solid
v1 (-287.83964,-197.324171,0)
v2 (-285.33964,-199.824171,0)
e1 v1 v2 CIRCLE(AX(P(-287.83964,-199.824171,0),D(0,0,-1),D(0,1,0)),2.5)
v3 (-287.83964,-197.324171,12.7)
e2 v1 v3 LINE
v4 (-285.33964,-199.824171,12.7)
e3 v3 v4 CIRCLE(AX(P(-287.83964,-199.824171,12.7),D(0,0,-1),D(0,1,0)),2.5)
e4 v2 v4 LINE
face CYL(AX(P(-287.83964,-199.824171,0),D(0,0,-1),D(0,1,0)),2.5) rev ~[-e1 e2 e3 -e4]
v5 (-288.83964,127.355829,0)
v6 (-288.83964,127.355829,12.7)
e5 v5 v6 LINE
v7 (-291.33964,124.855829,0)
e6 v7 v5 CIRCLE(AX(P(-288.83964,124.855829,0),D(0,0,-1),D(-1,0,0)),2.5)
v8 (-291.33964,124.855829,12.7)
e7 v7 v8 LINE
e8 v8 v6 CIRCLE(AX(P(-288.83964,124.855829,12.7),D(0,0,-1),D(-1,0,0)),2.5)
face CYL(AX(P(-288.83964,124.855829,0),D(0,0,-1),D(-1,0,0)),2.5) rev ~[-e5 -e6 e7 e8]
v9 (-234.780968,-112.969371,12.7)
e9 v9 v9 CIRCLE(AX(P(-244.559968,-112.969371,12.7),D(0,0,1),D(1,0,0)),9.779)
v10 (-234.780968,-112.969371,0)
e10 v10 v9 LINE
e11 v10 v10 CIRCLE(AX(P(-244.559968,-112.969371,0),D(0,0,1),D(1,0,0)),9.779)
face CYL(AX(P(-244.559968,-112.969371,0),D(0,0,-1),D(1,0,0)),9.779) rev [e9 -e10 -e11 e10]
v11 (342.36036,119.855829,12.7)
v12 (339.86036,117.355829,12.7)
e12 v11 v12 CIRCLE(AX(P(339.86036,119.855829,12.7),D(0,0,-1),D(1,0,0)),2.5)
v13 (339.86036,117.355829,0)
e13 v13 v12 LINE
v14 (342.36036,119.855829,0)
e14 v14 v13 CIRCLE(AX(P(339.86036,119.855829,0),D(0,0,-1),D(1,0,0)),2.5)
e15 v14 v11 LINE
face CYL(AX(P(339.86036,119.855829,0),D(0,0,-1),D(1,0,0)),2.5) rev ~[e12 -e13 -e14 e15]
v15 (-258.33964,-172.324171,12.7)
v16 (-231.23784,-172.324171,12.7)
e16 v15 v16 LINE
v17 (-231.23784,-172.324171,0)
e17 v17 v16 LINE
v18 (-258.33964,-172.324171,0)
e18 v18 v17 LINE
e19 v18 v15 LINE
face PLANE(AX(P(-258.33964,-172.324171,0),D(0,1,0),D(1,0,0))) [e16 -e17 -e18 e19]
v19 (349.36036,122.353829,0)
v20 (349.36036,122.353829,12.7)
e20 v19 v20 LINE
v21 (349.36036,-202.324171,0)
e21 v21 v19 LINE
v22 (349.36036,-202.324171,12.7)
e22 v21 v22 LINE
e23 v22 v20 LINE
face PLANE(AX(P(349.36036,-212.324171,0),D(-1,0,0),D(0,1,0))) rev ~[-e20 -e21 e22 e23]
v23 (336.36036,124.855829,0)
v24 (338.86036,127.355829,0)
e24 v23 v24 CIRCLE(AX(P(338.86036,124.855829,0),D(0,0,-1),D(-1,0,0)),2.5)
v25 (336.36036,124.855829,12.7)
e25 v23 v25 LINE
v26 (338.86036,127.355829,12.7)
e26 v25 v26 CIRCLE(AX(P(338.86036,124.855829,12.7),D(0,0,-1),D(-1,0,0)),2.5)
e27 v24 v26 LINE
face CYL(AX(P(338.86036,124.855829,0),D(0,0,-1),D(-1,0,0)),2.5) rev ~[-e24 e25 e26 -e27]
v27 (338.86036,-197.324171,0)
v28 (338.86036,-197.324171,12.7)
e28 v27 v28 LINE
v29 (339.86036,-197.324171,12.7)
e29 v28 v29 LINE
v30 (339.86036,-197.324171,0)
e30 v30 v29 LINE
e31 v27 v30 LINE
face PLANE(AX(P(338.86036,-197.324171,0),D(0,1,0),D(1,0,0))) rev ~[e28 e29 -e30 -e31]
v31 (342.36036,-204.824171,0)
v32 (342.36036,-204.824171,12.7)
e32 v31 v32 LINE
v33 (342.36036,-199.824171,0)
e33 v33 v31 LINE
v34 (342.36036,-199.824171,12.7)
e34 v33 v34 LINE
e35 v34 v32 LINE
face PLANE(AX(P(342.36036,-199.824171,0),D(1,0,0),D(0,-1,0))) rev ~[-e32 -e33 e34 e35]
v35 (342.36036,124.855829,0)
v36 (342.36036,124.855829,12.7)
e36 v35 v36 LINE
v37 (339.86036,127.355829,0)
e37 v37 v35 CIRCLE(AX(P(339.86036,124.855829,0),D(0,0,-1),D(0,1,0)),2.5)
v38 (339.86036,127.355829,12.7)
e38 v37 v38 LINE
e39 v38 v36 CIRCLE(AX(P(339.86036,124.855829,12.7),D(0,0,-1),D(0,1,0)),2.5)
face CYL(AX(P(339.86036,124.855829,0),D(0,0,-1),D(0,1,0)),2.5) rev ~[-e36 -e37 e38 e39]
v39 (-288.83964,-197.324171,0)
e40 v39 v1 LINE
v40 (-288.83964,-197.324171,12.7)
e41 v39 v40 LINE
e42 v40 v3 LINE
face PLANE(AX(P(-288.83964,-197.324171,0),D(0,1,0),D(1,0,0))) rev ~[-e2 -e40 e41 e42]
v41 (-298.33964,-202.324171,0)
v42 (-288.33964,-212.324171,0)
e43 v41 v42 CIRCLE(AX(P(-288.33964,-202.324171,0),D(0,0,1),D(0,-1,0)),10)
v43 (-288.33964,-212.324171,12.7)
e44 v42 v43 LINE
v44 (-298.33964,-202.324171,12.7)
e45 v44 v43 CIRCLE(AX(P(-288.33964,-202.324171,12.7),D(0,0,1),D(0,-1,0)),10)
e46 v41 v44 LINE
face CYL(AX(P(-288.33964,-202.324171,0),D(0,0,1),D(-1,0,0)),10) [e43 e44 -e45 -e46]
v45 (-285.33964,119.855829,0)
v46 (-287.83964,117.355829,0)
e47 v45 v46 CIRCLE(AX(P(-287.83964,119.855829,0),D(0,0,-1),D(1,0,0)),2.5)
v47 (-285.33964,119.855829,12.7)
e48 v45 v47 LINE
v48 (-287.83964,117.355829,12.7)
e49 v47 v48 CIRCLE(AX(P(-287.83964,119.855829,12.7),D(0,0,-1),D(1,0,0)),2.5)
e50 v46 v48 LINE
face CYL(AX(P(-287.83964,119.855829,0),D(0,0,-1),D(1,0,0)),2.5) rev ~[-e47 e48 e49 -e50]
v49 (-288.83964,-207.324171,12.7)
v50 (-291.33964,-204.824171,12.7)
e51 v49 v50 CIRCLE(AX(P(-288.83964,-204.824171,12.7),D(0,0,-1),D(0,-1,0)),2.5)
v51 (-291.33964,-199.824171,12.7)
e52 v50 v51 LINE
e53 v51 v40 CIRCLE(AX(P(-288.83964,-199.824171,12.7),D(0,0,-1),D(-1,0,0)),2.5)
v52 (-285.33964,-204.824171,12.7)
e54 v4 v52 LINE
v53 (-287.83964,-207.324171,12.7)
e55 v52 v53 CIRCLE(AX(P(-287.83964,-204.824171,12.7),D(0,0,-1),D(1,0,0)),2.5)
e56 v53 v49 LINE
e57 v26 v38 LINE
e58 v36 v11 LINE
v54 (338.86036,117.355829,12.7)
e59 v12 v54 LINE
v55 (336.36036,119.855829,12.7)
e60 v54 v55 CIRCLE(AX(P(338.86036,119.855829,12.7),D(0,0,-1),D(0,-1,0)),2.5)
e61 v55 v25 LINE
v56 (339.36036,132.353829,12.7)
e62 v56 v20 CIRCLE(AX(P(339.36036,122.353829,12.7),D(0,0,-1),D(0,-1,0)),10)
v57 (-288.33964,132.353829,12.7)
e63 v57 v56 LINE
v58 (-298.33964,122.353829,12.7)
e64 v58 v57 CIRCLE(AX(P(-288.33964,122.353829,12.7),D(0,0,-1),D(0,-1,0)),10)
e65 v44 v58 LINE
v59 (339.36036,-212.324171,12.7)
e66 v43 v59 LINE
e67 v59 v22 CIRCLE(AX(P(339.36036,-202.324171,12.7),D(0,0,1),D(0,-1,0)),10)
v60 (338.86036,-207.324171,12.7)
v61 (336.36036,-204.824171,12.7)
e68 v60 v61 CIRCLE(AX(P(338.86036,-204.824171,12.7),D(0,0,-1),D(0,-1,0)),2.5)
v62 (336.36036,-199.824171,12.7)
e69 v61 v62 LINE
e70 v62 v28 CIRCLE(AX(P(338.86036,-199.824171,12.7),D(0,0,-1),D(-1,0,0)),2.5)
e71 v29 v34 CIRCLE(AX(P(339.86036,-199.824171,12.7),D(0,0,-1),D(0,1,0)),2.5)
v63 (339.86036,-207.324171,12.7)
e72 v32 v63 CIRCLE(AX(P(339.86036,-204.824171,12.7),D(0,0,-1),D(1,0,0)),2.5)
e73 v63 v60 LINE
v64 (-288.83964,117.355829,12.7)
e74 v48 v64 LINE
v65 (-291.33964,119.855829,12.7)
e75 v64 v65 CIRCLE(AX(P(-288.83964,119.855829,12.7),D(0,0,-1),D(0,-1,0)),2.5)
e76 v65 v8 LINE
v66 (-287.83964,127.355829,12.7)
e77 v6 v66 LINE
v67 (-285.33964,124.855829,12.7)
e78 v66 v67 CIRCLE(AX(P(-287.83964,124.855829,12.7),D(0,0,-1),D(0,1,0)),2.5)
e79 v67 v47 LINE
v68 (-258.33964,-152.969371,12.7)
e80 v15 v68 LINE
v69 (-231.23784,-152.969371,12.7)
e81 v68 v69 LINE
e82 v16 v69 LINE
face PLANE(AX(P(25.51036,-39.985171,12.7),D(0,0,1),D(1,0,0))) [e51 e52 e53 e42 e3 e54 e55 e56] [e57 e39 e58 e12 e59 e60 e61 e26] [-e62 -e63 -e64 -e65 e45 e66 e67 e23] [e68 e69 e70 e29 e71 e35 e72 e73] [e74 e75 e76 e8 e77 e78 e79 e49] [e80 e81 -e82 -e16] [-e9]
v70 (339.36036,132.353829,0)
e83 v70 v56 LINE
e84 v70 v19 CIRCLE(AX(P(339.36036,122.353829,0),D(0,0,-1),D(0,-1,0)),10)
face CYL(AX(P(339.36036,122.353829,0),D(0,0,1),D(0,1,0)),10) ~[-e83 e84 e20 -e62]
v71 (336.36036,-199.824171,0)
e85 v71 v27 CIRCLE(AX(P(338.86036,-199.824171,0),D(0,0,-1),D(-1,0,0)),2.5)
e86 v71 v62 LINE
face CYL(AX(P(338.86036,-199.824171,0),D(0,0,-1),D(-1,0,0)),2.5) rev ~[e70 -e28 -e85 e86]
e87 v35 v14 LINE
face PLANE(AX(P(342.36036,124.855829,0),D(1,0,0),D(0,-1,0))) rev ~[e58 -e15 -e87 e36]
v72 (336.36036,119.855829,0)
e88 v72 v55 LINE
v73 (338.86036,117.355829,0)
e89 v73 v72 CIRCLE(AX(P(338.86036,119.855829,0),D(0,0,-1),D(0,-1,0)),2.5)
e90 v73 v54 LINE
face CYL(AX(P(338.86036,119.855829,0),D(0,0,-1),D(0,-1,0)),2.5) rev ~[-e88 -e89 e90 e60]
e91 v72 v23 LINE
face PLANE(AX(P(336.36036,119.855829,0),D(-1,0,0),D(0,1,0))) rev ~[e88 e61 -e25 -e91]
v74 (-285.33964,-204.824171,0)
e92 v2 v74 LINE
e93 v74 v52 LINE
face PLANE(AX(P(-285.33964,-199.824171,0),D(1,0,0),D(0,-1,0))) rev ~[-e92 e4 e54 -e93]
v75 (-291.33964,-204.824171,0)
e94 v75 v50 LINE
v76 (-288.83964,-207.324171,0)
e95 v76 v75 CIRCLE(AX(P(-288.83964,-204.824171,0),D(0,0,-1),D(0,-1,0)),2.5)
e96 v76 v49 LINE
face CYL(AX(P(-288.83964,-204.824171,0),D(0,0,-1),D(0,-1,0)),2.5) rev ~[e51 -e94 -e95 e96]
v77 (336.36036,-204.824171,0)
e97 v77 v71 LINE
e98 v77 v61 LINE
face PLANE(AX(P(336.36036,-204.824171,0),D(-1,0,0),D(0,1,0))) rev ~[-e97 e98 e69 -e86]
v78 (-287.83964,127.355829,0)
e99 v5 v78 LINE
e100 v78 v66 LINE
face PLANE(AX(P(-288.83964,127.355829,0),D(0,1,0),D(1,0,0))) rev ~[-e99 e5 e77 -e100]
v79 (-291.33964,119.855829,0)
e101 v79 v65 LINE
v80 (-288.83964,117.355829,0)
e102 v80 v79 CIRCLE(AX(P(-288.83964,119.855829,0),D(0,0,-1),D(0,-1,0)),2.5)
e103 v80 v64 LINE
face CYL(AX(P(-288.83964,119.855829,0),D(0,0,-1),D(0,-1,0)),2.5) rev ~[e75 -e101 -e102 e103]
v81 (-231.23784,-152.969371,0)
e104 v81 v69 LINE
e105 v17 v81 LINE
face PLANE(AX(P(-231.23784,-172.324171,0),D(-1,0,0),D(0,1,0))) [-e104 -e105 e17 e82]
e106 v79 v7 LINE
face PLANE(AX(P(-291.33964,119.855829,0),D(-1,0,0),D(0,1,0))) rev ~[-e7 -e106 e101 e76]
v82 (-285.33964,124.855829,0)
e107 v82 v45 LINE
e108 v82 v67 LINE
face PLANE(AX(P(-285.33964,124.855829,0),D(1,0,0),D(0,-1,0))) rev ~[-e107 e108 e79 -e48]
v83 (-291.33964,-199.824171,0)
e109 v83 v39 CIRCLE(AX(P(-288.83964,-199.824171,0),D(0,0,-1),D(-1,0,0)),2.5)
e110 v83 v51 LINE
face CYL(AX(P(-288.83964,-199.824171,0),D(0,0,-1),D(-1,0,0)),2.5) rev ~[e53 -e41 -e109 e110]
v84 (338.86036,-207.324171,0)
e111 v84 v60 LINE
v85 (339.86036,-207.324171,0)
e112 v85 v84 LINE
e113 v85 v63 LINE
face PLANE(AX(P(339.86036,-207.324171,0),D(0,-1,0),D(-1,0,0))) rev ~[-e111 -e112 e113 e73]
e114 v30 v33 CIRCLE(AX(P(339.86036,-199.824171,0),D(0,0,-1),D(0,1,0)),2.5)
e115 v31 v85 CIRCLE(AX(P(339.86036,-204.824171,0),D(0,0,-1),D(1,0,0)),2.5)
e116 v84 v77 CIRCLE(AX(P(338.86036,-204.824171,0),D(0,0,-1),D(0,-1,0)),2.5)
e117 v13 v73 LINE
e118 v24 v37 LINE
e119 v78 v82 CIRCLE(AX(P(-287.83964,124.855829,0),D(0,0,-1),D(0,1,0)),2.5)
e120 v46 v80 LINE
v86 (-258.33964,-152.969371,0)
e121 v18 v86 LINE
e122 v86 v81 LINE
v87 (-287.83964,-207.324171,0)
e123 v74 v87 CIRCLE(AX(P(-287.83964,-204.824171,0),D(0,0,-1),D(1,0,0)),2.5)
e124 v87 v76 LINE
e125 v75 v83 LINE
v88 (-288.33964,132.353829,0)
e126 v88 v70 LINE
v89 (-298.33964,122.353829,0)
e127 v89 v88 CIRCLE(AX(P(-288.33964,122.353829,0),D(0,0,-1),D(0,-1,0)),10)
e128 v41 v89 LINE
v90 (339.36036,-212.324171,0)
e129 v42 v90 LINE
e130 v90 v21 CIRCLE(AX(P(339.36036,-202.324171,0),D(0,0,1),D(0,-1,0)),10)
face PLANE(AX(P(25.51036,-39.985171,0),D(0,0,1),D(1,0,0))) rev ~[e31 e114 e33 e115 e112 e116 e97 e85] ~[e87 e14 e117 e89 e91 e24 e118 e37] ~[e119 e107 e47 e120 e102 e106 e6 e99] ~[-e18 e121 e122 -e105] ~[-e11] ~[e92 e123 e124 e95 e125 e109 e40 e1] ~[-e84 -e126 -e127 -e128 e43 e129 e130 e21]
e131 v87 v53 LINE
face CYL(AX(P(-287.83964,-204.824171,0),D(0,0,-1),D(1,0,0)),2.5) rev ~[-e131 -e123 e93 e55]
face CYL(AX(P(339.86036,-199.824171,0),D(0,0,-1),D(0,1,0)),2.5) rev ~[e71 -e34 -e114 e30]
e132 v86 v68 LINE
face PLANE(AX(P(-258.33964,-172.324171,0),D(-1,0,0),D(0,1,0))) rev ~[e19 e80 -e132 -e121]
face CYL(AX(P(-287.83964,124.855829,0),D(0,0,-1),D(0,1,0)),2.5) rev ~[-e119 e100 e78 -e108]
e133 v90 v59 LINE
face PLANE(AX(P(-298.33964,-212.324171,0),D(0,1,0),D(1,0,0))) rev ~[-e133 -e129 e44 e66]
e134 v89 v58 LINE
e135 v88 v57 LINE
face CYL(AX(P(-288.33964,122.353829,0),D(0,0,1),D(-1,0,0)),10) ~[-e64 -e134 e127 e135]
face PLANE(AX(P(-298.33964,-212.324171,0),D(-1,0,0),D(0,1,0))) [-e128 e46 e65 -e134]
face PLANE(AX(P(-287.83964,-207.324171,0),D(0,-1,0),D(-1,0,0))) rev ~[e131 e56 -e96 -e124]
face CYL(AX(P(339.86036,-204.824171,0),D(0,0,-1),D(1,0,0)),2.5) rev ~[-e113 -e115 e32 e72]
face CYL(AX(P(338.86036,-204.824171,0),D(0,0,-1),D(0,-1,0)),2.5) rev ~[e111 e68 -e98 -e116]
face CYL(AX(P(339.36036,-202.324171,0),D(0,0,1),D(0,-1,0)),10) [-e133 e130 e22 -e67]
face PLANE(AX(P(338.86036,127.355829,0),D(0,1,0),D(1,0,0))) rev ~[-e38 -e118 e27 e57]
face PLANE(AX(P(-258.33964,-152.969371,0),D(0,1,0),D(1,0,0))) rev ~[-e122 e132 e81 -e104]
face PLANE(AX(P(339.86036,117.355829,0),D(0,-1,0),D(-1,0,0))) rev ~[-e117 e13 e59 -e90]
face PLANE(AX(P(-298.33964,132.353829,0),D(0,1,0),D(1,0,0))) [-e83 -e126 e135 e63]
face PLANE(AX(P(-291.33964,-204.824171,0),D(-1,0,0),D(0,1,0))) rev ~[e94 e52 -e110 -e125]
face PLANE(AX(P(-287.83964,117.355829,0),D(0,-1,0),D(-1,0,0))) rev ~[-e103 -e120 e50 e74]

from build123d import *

# Parameters (mm, degrees)
SKETCH1_W           = 647.7
SKETCH1_H           = 344.678
SKETCH1_R           = 9.779
SKETCH1_W_2         = 27.1018
SKETCH1_H_2         = 19.3548
BOSS_EXTRUDE1_DEPTH = 12.7
FILLET1_R           = 10
FILLET2_R           = 10


with BuildPart() as part:
    # Sketch1 → Boss-Extrude1 (new body)
    with BuildSketch(Plane.XY):
        with Locations((25.51036036, -39.985171171)):
            Rectangle(SKETCH1_W, SKETCH1_H)
        with Locations((-244.559967776, -112.969371171)):
            Circle(SKETCH1_R, mode=Mode.SUBTRACT)
        with BuildLine():
            Line((339.86036036, -207.324171171), (338.86036036, -207.324171171))
            ThreePointArc((338.86036036, -207.324171171), (337.092593407, -206.591938124), (336.36036036, -204.824171171))
            Line((336.36036036, -204.824171171), (336.36036036, -199.824171171))
            ThreePointArc((336.36036036, -199.824171171), (337.092593407, -198.056404218), (338.86036036, -197.324171171))
            Line((338.86036036, -197.324171171), (339.86036036, -197.324171171))
            ThreePointArc((339.86036036, -197.324171171), (341.628127313, -198.056404218), (342.36036036, -199.824171171))
            Line((342.36036036, -199.824171171), (342.36036036, -204.824171171))
            ThreePointArc((342.36036036, -204.824171171), (341.628127313, -206.591938124), (339.86036036, -207.324171171))
        make_face(mode=Mode.SUBTRACT)
        with BuildLine():
            Line((-287.83963964, -207.324171171), (-288.83963964, -207.324171171))
            ThreePointArc((-288.83963964, -207.324171171), (-290.607406593, -206.591938124), (-291.33963964, -204.824171171))
            Line((-291.33963964, -204.824171171), (-291.33963964, -199.824171171))
            ThreePointArc((-291.33963964, -199.824171171), (-290.607406593, -198.056404218), (-288.83963964, -197.324171171))
            Line((-288.83963964, -197.324171171), (-287.83963964, -197.324171171))
            ThreePointArc((-287.83963964, -197.324171171), (-286.071872687, -198.056404218), (-285.33963964, -199.824171171))
            Line((-285.33963964, -199.824171171), (-285.33963964, -204.824171171))
            ThreePointArc((-285.33963964, -204.824171171), (-286.071872687, -206.591938124), (-287.83963964, -207.324171171))
        make_face(mode=Mode.SUBTRACT)
        with BuildLine():
            Line((-287.83963964, 117.355828829), (-288.83963964, 117.355828829))
            ThreePointArc((-288.83963964, 117.355828829), (-290.607406593, 118.088061876), (-291.33963964, 119.855828829))
            Line((-291.33963964, 119.855828829), (-291.33963964, 124.855828829))
            ThreePointArc((-291.33963964, 124.855828829), (-290.607406593, 126.623595782), (-288.83963964, 127.355828829))
            Line((-288.83963964, 127.355828829), (-287.83963964, 127.355828829))
            ThreePointArc((-287.83963964, 127.355828829), (-286.071872687, 126.623595782), (-285.33963964, 124.855828829))
            Line((-285.33963964, 124.855828829), (-285.33963964, 119.855828829))
            ThreePointArc((-285.33963964, 119.855828829), (-286.071872687, 118.088061876), (-287.83963964, 117.355828829))
        make_face(mode=Mode.SUBTRACT)
        with BuildLine():
            Line((339.86036036, 117.355828829), (338.86036036, 117.355828829))
            ThreePointArc((338.86036036, 117.355828829), (337.092593407, 118.088061876), (336.36036036, 119.855828829))
            Line((336.36036036, 119.855828829), (336.36036036, 124.855828829))
            ThreePointArc((336.36036036, 124.855828829), (337.092593407, 126.623595782), (338.86036036, 127.355828829))
            Line((338.86036036, 127.355828829), (339.86036036, 127.355828829))
            ThreePointArc((339.86036036, 127.355828829), (341.628127313, 126.623595782), (342.36036036, 124.855828829))
            Line((342.36036036, 124.855828829), (342.36036036, 119.855828829))
            ThreePointArc((342.36036036, 119.855828829), (341.628127313, 118.088061876), (339.86036036, 117.355828829))
        make_face(mode=Mode.SUBTRACT)
        with Locations((-244.78873964, -162.646771171)):
            Rectangle(SKETCH1_W_2, SKETCH1_H_2, mode=Mode.SUBTRACT)
    extrude(amount=BOSS_EXTRUDE1_DEPTH)

    # Fillet1
    fillet1_edges = [part.edges().sort_by_distance(p)[0] for p in [
        (-298.33963964, 132.353828829, 6.35),
        (349.36036036, 132.353828829, 6.35),
        (349.36036036, -212.324171171, 6.35),
    ]]
    fillet(fillet1_edges, radius=FILLET1_R)

    # Fillet2
    fillet2_edges = [part.edges().sort_by_distance(p)[0] for p in [
        (-298.33963964, -212.324171171, 6.35),
    ]]
    fillet(fillet2_edges, radius=FILLET2_R)


solid = part.part
